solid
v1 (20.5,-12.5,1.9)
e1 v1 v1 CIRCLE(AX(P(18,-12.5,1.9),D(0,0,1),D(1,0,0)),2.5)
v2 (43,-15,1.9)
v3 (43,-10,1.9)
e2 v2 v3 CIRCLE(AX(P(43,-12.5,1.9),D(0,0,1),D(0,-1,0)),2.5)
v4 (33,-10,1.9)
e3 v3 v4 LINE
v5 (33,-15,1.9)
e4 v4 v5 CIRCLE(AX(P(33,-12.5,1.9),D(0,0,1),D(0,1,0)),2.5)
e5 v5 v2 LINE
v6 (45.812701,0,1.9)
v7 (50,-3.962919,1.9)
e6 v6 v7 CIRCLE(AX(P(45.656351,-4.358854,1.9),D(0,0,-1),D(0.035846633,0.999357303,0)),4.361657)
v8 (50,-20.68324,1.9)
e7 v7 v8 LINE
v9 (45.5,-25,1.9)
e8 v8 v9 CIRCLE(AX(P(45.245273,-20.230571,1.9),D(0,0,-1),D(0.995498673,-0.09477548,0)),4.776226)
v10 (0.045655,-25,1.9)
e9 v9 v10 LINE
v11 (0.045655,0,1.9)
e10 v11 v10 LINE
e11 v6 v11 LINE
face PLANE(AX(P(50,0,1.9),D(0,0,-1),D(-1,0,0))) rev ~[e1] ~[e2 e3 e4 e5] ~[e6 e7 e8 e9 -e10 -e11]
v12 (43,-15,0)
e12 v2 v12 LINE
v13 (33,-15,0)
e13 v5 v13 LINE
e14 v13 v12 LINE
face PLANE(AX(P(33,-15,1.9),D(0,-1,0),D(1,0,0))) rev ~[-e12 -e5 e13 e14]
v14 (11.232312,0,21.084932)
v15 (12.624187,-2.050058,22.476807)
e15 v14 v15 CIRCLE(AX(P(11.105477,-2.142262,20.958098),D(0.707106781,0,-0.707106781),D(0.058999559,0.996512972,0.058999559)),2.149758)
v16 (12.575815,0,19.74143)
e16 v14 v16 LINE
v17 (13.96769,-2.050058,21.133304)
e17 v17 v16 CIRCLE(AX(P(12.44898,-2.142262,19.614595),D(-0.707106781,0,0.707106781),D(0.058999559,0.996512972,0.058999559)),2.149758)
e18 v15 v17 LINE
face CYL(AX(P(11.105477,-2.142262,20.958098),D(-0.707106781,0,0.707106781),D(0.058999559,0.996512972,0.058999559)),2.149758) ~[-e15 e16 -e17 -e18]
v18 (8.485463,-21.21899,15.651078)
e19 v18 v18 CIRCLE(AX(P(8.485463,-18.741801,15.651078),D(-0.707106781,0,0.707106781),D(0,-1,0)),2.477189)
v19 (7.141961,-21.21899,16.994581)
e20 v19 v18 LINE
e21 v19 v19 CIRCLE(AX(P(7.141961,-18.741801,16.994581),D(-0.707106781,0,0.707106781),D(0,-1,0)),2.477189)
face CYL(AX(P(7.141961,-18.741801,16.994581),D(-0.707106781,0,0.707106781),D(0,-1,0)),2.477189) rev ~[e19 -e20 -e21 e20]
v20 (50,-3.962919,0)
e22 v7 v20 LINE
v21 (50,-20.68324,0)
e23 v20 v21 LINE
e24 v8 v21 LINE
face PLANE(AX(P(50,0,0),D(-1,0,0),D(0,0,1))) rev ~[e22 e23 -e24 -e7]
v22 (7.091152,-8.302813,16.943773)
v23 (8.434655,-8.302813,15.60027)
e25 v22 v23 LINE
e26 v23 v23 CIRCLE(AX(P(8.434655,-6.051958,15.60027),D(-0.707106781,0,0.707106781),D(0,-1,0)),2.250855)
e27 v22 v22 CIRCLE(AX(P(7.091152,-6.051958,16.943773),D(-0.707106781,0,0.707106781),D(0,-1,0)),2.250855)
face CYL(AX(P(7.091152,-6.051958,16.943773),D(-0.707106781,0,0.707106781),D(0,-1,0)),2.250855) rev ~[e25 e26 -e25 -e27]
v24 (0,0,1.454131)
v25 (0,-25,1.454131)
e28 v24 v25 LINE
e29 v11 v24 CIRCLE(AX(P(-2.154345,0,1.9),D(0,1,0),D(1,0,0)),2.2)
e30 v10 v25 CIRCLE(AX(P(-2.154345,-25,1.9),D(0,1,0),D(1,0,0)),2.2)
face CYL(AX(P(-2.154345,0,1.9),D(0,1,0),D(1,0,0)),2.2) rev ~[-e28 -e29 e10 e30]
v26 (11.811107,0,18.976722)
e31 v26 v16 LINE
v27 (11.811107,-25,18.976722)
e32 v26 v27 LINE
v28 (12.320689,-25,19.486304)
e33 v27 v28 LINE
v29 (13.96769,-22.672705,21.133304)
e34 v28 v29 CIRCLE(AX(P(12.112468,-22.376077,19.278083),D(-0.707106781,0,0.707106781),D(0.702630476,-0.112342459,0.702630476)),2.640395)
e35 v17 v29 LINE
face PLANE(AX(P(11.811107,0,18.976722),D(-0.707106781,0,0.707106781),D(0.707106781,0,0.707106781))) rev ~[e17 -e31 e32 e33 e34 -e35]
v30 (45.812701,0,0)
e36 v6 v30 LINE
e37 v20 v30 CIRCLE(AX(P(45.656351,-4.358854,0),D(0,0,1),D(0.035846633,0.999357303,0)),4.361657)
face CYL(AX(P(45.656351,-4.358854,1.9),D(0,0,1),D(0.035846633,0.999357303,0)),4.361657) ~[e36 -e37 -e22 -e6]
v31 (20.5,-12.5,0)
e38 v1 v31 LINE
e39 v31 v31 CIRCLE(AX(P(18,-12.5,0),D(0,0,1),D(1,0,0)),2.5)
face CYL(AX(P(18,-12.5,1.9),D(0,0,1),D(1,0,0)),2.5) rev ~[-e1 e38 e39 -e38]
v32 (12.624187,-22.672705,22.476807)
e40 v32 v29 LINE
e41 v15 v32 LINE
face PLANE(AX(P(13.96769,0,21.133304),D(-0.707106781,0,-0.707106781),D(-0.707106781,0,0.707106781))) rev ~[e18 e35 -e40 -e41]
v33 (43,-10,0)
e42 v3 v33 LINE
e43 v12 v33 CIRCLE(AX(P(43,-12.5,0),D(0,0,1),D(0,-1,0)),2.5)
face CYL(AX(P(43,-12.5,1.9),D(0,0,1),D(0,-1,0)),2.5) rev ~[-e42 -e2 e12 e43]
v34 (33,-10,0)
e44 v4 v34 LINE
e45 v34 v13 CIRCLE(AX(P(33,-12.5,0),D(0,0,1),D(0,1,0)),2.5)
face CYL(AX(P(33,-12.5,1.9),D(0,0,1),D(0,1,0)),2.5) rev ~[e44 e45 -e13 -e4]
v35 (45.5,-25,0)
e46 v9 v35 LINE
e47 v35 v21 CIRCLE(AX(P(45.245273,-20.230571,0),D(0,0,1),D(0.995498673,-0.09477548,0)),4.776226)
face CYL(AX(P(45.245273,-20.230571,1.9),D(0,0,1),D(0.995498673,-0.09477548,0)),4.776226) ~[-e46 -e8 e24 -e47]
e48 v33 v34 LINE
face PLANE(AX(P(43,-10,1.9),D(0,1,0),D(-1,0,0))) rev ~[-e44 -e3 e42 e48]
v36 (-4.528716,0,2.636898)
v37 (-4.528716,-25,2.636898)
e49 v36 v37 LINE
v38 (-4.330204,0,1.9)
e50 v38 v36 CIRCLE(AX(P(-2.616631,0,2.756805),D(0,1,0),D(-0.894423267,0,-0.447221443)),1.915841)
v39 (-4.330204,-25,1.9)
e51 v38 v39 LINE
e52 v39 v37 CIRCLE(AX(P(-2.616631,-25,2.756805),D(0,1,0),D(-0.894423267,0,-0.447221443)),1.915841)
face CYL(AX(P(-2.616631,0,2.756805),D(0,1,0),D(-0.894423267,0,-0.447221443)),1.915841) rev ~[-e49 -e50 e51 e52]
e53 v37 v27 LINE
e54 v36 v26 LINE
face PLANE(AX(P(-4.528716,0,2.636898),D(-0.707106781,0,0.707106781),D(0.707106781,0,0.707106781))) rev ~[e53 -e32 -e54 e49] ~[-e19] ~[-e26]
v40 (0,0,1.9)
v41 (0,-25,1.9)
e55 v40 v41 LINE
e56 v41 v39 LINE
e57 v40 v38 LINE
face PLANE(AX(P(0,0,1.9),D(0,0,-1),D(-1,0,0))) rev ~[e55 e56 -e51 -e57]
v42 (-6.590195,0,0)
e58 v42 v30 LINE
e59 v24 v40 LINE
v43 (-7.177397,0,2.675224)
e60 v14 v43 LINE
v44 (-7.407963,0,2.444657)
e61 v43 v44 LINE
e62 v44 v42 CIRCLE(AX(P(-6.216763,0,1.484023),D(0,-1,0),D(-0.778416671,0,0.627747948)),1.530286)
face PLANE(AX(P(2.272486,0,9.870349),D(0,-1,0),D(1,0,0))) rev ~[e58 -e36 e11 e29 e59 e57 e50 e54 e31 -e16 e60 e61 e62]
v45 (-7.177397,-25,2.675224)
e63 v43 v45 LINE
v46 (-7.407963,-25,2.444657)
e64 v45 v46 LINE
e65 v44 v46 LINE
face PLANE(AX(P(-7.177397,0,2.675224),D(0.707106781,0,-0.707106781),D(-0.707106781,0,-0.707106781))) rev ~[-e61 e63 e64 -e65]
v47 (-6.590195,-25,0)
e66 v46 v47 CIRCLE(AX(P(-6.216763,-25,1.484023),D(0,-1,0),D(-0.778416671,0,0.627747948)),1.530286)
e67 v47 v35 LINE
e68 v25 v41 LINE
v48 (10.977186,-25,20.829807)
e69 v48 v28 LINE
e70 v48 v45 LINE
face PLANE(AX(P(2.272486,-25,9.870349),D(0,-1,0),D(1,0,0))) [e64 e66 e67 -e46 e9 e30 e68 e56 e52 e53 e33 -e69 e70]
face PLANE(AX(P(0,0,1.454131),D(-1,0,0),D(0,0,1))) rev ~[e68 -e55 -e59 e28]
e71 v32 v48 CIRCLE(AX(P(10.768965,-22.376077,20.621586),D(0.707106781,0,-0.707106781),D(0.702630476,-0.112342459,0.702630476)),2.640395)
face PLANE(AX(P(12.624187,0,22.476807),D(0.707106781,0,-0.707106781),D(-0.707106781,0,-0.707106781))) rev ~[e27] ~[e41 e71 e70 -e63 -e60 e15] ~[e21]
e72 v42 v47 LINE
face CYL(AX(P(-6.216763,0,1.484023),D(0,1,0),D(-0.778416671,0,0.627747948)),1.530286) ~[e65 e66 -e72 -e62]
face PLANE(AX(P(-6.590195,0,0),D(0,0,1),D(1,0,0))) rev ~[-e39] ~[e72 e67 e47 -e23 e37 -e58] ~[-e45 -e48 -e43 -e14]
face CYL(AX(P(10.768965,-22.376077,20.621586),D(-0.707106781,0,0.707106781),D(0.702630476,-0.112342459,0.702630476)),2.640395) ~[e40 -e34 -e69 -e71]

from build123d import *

# Parameters (mm, degrees)
F1_DEPTH = 25
F2_R     = 2.4771890227
F2_R_2   = 2.250855145
F3_DEPTH = 5
F5_DEPTH = 6
F6_R     = 2.5
F7_DEPTH = 25


with BuildPart() as f1:
    # F0 (on Front) → F1 (new body)
    with BuildSketch(Plane.XZ):
        with BuildLine():
            Line((-6.5901947265, 0), (0, 0))
            Line((0, 0), (0, 1.4541312475))
            Line((0, 1.4541312475), (0, 1.9))
            Line((0, 1.9), (-2.1543446928, 1.9))
            Line((-2.1543446928, 1.9), (-4.3302040632, 1.9))
            ThreePointArc((-4.3302040632, 1.9), (-4.4665240815, 2.2584645112), (-4.5287162974, 2.6368982326))
            Line((-4.5287162974, 2.6368982326), (-3.7099796114, 3.4556349186))
            Line((-3.7099796114, 3.4556349186), (11.8111070049, 18.9767215349))
            Line((11.8111070049, 18.9767215349), (13.9676899182, 21.1333044483))
            Line((13.9676899182, 21.1333044483), (12.624187034, 22.4768073325))
            Line((12.624187034, 22.4768073325), (-7.1773967105, 2.6752235881))
            Line((-7.1773967105, 2.6752235881), (-7.4079630013, 2.4446572973))
            ThreePointArc((-7.4079630013, 2.4446572973), (-7.6680055311, 0.9985643577), (-6.5901947265, 0))
        make_face()
        with BuildLine():
            Line((0, 1.4541312475), (0, 0))
            Line((0, 0), (50, 0))
            Line((50, 0), (50, 1.9))
            Line((50, 1.9), (0.0456553072, 1.9))
            ThreePointArc((0.0456553072, 1.9), (0.0342117177, 1.6758999378), (0, 1.4541312475))
        make_face()
    extrude(amount=F1_DEPTH)

    # F2 (on face) → F3 (cut)
    with BuildSketch(Plane(origin=(-4.9263101493, 0, 4.9263101493), x_dir=(0, -1, 0), z_dir=(-0.7071067812, 0, 0.7071067812))):
        with Locations((18.7418013811, 17.0671120286)):
            Circle(F2_R)
        with Locations((6.0519576073, 16.9952586293)):
            Circle(F2_R_2)
    extrude(amount=-F3_DEPTH, mode=Mode.SUBTRACT)

    # F4 (on face) → F5 (cut)
    with BuildSketch(Plane(origin=(-4.9263101493, 0, 4.9263101493), x_dir=(0, -1, 0), z_dir=(-0.7071067812, 0, 0.7071067812))):
        with BuildLine():
            Line((0, 24.8201511429), (0, 22.8517428041))
            ThreePointArc((0, 22.8517428041), (0.6533469706, 24.2230461475), (2.0500576593, 24.8201511429))
            Line((2.0500576593, 24.8201511429), (0, 24.8201511429))
        make_face()
        with BuildLine():
            ThreePointArc((22.6727053523, 24.8201511429), (24.2438861053, 24.062743833), (25, 22.4909402288))
            Line((25, 22.4909402288), (25, 24.8201511429))
            Line((25, 24.8201511429), (22.6727053523, 24.8201511429))
        make_face()
    extrude(amount=-F5_DEPTH, mode=Mode.SUBTRACT)

    # F6 (on face) → F7 (cut)
    with BuildSketch(Plane.XY.offset(1.9)):
        with BuildLine():
            ThreePointArc((45.8127014494, 0), (48.6544638234, -1.190988554), (50, -3.9629192031))
            Line((50, -3.9629192031), (50, 0))
            Line((50, 0), (45.8127014494, 0))
        make_face()
        with BuildLine():
            ThreePointArc((50, -20.6832401454), (48.5516700012, -23.6773197936), (45.5, -25))
            Line((45.5, -25), (50, -25))
            Line((50, -25), (50, -20.6832401454))
        make_face()
        with BuildLine():
            Line((33, -15), (43, -15))
            ThreePointArc((43, -15), (45.5, -12.5), (43, -10))
            Line((43, -10), (33, -10))
            ThreePointArc((33, -10), (30.5, -12.5), (33, -15))
        make_face()
        with Locations((18, -12.5)):
            Circle(F6_R)
    extrude(amount=-F7_DEPTH, mode=Mode.SUBTRACT)


solid = f1.part
